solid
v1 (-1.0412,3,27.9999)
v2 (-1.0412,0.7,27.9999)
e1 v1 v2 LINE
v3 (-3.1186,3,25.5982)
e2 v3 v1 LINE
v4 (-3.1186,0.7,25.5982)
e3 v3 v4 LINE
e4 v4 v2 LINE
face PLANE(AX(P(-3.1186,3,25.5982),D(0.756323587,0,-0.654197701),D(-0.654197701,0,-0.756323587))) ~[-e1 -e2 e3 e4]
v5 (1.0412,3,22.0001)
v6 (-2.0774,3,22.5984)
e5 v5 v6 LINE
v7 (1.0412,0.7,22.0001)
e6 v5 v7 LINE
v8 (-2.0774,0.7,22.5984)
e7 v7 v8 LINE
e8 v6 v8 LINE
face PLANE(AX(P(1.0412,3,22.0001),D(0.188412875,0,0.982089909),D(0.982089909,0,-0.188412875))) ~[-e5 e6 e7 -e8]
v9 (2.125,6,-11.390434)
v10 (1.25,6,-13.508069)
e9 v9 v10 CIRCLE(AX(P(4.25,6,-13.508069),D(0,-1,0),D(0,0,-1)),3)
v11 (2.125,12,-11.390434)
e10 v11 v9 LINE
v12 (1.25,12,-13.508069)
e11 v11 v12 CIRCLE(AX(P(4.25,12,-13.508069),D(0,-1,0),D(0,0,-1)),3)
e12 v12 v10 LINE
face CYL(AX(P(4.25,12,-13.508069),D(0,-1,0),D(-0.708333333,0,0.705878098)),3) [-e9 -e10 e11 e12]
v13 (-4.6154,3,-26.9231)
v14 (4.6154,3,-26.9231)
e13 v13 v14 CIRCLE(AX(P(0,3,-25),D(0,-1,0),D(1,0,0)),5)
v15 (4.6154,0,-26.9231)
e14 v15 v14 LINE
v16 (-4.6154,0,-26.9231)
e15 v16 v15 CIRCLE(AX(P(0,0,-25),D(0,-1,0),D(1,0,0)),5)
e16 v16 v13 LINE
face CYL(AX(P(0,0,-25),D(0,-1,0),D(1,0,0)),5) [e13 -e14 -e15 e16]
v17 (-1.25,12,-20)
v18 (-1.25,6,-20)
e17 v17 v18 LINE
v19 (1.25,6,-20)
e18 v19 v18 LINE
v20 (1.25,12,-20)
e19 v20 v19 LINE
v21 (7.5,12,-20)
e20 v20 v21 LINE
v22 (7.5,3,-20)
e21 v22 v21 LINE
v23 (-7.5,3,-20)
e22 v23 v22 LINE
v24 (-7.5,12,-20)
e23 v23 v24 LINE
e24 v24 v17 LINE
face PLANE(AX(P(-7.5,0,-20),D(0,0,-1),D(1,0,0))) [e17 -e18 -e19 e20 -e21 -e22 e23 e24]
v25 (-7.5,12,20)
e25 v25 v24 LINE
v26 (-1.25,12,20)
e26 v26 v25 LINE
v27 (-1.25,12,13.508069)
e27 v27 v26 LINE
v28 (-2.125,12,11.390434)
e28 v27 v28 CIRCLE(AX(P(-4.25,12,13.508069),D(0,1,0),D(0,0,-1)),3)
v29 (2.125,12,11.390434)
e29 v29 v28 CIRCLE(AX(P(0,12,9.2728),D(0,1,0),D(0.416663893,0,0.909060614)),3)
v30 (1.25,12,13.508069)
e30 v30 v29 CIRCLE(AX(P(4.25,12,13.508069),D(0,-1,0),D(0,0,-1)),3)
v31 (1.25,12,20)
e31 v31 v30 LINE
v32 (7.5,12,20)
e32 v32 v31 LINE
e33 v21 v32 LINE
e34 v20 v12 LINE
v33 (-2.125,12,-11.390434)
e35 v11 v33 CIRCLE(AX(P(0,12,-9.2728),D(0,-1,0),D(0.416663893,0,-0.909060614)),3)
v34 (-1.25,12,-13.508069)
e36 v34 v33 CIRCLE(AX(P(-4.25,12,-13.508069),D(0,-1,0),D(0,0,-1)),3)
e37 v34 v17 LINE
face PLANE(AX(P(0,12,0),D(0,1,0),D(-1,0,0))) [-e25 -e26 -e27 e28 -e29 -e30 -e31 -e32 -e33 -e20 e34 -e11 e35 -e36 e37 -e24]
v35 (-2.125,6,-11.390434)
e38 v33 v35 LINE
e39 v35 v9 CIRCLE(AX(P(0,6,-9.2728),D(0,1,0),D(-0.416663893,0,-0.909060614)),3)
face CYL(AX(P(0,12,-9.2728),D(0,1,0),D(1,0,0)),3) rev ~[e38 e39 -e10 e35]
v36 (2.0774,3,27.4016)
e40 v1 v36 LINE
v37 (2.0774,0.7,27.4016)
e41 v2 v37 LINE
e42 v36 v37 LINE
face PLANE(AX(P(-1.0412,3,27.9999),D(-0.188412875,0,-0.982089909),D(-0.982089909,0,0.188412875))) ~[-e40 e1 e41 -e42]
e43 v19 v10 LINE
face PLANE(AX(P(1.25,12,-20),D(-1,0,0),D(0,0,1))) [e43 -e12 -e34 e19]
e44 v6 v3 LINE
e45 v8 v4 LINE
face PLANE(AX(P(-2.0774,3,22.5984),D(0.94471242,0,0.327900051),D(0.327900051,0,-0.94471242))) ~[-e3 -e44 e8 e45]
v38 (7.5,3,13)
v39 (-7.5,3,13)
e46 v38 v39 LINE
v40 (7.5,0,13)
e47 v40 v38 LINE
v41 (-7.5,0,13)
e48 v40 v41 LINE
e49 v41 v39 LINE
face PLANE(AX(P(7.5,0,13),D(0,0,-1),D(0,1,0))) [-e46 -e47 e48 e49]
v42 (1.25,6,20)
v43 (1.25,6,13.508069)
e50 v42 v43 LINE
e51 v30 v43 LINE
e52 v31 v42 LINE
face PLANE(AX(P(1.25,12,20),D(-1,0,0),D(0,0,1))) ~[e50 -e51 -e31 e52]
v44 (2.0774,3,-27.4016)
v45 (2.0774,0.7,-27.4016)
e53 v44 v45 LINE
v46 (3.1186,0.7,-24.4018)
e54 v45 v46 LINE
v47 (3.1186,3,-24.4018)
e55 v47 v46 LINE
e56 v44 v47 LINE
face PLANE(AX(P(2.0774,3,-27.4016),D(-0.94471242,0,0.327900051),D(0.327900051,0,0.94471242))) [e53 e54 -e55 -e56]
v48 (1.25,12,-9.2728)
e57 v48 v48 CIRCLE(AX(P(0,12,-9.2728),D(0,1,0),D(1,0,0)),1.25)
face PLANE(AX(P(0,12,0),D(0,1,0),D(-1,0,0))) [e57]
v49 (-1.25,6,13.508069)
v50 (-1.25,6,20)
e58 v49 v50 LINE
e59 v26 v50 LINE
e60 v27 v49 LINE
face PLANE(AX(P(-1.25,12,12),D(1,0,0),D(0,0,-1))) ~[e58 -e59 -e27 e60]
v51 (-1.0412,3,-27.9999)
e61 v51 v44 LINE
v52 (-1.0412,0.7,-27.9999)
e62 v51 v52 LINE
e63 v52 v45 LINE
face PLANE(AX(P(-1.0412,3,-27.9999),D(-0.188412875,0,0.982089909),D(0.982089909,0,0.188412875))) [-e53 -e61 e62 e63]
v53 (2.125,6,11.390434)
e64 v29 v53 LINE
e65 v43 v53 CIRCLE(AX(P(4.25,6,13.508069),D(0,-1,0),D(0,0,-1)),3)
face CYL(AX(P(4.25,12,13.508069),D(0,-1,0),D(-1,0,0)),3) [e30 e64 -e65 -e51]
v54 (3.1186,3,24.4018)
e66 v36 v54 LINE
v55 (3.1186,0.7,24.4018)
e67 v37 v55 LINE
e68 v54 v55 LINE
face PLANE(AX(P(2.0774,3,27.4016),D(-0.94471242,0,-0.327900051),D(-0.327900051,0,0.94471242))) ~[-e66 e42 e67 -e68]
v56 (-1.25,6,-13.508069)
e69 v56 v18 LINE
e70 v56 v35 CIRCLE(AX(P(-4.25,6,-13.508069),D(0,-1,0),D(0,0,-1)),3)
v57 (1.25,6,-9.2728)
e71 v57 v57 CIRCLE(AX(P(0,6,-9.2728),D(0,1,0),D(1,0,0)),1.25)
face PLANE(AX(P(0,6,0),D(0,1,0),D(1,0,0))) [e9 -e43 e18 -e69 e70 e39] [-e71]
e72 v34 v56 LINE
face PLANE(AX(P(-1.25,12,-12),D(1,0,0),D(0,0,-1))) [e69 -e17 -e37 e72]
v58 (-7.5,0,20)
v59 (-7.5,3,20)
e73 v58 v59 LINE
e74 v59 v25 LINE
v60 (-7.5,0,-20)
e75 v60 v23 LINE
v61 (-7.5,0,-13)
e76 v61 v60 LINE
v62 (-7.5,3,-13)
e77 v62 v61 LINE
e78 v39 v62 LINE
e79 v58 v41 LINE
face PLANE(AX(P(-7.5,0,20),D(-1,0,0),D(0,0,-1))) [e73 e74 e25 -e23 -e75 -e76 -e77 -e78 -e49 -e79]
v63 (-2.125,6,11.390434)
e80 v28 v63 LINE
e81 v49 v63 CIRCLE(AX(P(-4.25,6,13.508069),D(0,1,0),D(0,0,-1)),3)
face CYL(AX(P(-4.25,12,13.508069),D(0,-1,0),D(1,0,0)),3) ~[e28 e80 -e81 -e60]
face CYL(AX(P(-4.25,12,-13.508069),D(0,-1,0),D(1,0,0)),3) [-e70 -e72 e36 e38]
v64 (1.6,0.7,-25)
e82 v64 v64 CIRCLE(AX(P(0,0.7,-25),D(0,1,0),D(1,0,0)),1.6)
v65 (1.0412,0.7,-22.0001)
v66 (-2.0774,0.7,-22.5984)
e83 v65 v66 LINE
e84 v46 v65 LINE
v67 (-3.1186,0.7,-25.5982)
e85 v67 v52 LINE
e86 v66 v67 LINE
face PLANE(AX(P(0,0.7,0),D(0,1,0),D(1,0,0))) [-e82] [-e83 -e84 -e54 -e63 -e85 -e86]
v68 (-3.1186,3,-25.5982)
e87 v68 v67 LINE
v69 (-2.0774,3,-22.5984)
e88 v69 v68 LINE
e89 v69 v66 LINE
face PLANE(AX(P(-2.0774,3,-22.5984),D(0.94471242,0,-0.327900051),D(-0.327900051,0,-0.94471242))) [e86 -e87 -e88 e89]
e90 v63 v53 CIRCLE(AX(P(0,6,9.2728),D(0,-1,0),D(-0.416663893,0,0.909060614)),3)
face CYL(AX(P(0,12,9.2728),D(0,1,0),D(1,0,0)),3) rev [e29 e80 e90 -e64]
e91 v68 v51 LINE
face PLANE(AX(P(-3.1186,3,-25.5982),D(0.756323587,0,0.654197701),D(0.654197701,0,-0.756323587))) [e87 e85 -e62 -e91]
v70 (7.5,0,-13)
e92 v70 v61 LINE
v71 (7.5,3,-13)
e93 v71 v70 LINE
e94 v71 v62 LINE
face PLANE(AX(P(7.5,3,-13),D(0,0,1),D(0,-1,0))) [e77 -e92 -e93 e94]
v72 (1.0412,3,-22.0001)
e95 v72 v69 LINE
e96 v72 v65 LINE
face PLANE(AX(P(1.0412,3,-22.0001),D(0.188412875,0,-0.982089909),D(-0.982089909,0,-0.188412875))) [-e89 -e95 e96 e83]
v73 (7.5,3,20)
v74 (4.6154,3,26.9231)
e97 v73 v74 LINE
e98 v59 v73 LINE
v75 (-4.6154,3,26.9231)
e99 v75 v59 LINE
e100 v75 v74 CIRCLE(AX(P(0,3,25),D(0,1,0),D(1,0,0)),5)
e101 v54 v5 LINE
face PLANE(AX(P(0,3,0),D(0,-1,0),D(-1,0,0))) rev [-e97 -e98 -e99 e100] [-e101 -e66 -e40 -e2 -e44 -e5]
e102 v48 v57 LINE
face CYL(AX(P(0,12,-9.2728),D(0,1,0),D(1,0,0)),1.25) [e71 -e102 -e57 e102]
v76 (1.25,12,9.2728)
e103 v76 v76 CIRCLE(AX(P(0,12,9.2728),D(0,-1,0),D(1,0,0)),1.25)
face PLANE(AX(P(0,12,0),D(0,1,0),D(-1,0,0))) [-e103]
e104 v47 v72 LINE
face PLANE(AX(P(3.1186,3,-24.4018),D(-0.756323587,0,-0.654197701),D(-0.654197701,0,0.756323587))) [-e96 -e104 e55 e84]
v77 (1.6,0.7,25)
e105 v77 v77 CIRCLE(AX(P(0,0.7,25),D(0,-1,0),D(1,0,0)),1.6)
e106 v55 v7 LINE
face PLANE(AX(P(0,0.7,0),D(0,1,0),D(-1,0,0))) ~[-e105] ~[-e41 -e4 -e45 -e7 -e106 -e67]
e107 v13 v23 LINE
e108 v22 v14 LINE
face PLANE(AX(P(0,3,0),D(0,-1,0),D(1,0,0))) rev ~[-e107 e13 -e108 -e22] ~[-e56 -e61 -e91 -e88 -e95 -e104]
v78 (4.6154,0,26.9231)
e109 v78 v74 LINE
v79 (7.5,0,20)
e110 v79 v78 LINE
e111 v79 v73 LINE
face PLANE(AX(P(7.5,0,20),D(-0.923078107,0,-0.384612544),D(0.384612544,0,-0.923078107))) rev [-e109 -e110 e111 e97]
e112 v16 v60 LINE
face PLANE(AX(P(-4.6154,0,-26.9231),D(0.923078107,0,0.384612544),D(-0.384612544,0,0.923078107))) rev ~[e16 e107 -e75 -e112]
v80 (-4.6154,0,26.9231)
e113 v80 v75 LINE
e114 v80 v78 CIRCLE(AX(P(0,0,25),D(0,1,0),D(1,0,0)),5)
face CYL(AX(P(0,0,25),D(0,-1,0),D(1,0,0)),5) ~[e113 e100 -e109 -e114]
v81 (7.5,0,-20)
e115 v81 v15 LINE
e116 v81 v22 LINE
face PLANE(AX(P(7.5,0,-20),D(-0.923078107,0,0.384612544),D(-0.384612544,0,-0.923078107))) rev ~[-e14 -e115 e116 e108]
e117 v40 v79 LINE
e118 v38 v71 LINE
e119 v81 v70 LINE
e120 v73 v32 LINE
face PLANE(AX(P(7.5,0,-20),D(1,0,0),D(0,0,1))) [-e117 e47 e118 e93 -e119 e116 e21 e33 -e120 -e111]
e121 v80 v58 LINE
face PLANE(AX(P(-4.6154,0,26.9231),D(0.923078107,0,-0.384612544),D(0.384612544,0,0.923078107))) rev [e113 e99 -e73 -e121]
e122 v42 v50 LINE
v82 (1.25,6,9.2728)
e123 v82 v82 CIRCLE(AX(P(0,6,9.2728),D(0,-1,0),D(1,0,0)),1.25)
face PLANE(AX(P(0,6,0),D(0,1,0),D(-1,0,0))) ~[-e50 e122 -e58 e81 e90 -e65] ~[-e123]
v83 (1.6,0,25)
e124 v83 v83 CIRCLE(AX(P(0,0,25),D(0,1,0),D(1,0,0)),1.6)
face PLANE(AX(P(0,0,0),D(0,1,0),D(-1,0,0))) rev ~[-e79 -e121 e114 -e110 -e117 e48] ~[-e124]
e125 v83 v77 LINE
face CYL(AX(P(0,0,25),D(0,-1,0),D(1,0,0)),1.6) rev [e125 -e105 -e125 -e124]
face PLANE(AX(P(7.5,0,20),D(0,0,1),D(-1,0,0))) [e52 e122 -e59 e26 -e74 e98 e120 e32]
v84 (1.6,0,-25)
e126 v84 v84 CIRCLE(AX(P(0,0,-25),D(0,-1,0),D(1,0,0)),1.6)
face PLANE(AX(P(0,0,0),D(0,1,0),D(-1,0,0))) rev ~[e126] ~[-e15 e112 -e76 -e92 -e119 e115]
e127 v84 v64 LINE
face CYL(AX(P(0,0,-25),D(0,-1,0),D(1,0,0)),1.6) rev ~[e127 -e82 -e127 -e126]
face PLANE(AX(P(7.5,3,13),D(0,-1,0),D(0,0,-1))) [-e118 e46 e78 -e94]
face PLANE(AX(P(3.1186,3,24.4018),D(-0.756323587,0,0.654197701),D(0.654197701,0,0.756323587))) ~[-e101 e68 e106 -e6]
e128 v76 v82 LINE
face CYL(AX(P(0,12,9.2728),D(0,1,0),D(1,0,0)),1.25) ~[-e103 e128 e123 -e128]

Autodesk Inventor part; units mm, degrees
ref_plane "YZ Plane" through (0, 0, 0) normal (1, 0, 0) x (0, 1, 0)
ref_plane "XZ Plane" through (0, 0, 0) normal (0, 1, 0) x (-1, 0, 0)
ref_plane "XY Plane" through (0, 0, 0) normal (0, 0, 1) x (1, 0, 0)
sketch "Эскиз1" plane through (0, 0, 0) normal (0, 1, 0) x (-1, 0, 0)
  line L0 (-7.5, 20) -> (7.5, 20)
  line L1 (7.5, 20) -> (7.5, -20)
  line L2 (7.5, -20) -> (-7.5, -20)
  line L3 (-7.5, -20) -> (-7.5, 20)
  line L4 (-7.5, 20) -> (7.5, -20) construction
  line L5 (7.5, 20) -> (-7.5, -20) construction
  line L6 (-1.05, 20) -> (1.05, 20)
  line L7 (1.05, 20) -> (1.05, 10)
  line L8 (1.05, 10) -> (-1.05, 10)
  line L9 (-1.05, 10) -> (-1.05, 20)
  circle A0 centre (0, 7.1898) radius 3
  circle A1 centre (0, 7.1898) radius 2
  point P0 (0, 0)
  point P1 (0, 20)
  dimension "d0" = 40
  dimension "d1" = 15
  dimension "d2" = 2.1
  dimension "d3" = 10
  dimension "d7" = 6
  dimension "d8" = 4
extrude "Выдавливание1" add sketch "Эскиз1" along normal blind 12 contours L0 L9 A0 L7 L1 L2 L3 | L0 L7 A0 L9 | A0 L8 | L8 A0 | A1
sketch "Эскиз2" plane through (0, 12, 0) normal (0, 1, 0) x (1, 0, 0)
  line L0 (1.25, 20) -> (1.25, 12)
  line L1 (1.25, 12) -> (-1.25, 12)
  line L2 (-1.25, 12) -> (-1.25, 20)
  circle A0 centre (0, 9.2728) radius 3
  circle A1 centre (0, 9.2728) radius 1.25
  line L3 (7.5, -20) -> (7.5, 20) projected
  line L4 (7.5, 20) -> (-7.5, 20) projected
  line L5 (-7.5, 20) -> (-7.5, -20) projected
  line L6 (-7.5, -20) -> (7.5, -20) projected
  line L7 (-1.25, 20) -> (1.25, 20)
  point P0 (0, 20)
  dimension "d13" = 2.5
  dimension "d14" = 8
  dimension "d15" = 6
  dimension "d16" = 2.5
  dimension "d23" = 8
extrude "Выдавливание2" cut sketch "Эскиз2" against normal blind 6 contours L0 A0 L2 L4 | A0 L1 | L1 A0
mirror "Зеркальное отражение1" about plane through (0, 0, 0) normal (0, 0, 1) of "Выдавливание2"
sketch "Эскиз3" plane through (7.5, 0, 20) normal (1, 0, 0) x (0, 0, -1)
  line L0 (7, 3) -> (33, 3)
  line L1 (33, 3) -> (33, 0)
  line L2 (33, 0) -> (7, 0)
  line L3 (7, 0) -> (7, 3)
  line L4 (7, 3) -> (33, 0) construction
  line L5 (33, 3) -> (7, 0) construction
  line L6 (0, 0) -> (40, 0) projected
  point P0 (20, 0)
  point P1 (20, 1.5)
  point P2 (20, 0)
  dimension "d19" = 26
  dimension "d20" = 3
extrude "Выдавливание3" cut sketch "Эскиз3" against normal up to surface (15 mm away)
sketch "Эскиз4" plane through (0, 0, 0) normal (0, -1, 0) x (1, 0, 0)
  circle A0 centre (0, -25) radius 5
  circle A1 centre (0, -25) radius 1.6
  line L0 (7.5, 20) -> (7.5, -20) projected
  line L1 (7.5, -20) -> (4.6154, -26.9231)
  line L2 (-1.25, -20) -> (-7.5, -20) projected
  line L3 (-4.6154, -26.9231) -> (-7.5, -20)
  line L4 (7.5, -20) -> (-7.5, -20) projected
  point P0 (0, 0)
  dimension "d24" = 10
  dimension "d25" = 3.2
extrude "Выдавливание4" add sketch "Эскиз4" against normal blind 3
sketch "Эскиз5" plane through (0, 3, 0) normal (0, 1, 0) x (1, 0, 0)
  circle A0 centre (0, 25) radius 1.6 projected
  arc A1 (4.6154, 26.9231) -> (-4.6154, 26.9231) centre (0, 25) ccw projected
  line L0 (-3.1186, 25.5982) -> (-1.0412, 27.9999)
  line L1 (-1.0412, 27.9999) -> (2.0774, 27.4016)
  line L2 (2.0774, 27.4016) -> (3.1186, 24.4018)
  line L3 (3.1186, 24.4018) -> (1.0412, 22.0001)
  line L4 (1.0412, 22.0001) -> (-2.0774, 22.5984)
  line L5 (-2.0774, 22.5984) -> (-3.1186, 25.5982)
  point P0 (0, 0)
  point P1 (-2.598, 24.0983)
  point P2 (2.598, 25.9017)
  dimension "d32" = 5.5
extrude "Выдавливание5" cut sketch "Эскиз5" against normal blind 2.3
mirror "Зеркальное отражение2" about plane through (0, 0, 0) normal (0, 0, 1) of "Выдавливание4", "Выдавливание5"
fillet "Сопряжение1" radius 3 4 edges at (-1.25, 9, -12) (1.25, 9, -12) (-1.25, 9, 12) (1.25, 9, 12)
properties part number "крепление_ремня_новое"
